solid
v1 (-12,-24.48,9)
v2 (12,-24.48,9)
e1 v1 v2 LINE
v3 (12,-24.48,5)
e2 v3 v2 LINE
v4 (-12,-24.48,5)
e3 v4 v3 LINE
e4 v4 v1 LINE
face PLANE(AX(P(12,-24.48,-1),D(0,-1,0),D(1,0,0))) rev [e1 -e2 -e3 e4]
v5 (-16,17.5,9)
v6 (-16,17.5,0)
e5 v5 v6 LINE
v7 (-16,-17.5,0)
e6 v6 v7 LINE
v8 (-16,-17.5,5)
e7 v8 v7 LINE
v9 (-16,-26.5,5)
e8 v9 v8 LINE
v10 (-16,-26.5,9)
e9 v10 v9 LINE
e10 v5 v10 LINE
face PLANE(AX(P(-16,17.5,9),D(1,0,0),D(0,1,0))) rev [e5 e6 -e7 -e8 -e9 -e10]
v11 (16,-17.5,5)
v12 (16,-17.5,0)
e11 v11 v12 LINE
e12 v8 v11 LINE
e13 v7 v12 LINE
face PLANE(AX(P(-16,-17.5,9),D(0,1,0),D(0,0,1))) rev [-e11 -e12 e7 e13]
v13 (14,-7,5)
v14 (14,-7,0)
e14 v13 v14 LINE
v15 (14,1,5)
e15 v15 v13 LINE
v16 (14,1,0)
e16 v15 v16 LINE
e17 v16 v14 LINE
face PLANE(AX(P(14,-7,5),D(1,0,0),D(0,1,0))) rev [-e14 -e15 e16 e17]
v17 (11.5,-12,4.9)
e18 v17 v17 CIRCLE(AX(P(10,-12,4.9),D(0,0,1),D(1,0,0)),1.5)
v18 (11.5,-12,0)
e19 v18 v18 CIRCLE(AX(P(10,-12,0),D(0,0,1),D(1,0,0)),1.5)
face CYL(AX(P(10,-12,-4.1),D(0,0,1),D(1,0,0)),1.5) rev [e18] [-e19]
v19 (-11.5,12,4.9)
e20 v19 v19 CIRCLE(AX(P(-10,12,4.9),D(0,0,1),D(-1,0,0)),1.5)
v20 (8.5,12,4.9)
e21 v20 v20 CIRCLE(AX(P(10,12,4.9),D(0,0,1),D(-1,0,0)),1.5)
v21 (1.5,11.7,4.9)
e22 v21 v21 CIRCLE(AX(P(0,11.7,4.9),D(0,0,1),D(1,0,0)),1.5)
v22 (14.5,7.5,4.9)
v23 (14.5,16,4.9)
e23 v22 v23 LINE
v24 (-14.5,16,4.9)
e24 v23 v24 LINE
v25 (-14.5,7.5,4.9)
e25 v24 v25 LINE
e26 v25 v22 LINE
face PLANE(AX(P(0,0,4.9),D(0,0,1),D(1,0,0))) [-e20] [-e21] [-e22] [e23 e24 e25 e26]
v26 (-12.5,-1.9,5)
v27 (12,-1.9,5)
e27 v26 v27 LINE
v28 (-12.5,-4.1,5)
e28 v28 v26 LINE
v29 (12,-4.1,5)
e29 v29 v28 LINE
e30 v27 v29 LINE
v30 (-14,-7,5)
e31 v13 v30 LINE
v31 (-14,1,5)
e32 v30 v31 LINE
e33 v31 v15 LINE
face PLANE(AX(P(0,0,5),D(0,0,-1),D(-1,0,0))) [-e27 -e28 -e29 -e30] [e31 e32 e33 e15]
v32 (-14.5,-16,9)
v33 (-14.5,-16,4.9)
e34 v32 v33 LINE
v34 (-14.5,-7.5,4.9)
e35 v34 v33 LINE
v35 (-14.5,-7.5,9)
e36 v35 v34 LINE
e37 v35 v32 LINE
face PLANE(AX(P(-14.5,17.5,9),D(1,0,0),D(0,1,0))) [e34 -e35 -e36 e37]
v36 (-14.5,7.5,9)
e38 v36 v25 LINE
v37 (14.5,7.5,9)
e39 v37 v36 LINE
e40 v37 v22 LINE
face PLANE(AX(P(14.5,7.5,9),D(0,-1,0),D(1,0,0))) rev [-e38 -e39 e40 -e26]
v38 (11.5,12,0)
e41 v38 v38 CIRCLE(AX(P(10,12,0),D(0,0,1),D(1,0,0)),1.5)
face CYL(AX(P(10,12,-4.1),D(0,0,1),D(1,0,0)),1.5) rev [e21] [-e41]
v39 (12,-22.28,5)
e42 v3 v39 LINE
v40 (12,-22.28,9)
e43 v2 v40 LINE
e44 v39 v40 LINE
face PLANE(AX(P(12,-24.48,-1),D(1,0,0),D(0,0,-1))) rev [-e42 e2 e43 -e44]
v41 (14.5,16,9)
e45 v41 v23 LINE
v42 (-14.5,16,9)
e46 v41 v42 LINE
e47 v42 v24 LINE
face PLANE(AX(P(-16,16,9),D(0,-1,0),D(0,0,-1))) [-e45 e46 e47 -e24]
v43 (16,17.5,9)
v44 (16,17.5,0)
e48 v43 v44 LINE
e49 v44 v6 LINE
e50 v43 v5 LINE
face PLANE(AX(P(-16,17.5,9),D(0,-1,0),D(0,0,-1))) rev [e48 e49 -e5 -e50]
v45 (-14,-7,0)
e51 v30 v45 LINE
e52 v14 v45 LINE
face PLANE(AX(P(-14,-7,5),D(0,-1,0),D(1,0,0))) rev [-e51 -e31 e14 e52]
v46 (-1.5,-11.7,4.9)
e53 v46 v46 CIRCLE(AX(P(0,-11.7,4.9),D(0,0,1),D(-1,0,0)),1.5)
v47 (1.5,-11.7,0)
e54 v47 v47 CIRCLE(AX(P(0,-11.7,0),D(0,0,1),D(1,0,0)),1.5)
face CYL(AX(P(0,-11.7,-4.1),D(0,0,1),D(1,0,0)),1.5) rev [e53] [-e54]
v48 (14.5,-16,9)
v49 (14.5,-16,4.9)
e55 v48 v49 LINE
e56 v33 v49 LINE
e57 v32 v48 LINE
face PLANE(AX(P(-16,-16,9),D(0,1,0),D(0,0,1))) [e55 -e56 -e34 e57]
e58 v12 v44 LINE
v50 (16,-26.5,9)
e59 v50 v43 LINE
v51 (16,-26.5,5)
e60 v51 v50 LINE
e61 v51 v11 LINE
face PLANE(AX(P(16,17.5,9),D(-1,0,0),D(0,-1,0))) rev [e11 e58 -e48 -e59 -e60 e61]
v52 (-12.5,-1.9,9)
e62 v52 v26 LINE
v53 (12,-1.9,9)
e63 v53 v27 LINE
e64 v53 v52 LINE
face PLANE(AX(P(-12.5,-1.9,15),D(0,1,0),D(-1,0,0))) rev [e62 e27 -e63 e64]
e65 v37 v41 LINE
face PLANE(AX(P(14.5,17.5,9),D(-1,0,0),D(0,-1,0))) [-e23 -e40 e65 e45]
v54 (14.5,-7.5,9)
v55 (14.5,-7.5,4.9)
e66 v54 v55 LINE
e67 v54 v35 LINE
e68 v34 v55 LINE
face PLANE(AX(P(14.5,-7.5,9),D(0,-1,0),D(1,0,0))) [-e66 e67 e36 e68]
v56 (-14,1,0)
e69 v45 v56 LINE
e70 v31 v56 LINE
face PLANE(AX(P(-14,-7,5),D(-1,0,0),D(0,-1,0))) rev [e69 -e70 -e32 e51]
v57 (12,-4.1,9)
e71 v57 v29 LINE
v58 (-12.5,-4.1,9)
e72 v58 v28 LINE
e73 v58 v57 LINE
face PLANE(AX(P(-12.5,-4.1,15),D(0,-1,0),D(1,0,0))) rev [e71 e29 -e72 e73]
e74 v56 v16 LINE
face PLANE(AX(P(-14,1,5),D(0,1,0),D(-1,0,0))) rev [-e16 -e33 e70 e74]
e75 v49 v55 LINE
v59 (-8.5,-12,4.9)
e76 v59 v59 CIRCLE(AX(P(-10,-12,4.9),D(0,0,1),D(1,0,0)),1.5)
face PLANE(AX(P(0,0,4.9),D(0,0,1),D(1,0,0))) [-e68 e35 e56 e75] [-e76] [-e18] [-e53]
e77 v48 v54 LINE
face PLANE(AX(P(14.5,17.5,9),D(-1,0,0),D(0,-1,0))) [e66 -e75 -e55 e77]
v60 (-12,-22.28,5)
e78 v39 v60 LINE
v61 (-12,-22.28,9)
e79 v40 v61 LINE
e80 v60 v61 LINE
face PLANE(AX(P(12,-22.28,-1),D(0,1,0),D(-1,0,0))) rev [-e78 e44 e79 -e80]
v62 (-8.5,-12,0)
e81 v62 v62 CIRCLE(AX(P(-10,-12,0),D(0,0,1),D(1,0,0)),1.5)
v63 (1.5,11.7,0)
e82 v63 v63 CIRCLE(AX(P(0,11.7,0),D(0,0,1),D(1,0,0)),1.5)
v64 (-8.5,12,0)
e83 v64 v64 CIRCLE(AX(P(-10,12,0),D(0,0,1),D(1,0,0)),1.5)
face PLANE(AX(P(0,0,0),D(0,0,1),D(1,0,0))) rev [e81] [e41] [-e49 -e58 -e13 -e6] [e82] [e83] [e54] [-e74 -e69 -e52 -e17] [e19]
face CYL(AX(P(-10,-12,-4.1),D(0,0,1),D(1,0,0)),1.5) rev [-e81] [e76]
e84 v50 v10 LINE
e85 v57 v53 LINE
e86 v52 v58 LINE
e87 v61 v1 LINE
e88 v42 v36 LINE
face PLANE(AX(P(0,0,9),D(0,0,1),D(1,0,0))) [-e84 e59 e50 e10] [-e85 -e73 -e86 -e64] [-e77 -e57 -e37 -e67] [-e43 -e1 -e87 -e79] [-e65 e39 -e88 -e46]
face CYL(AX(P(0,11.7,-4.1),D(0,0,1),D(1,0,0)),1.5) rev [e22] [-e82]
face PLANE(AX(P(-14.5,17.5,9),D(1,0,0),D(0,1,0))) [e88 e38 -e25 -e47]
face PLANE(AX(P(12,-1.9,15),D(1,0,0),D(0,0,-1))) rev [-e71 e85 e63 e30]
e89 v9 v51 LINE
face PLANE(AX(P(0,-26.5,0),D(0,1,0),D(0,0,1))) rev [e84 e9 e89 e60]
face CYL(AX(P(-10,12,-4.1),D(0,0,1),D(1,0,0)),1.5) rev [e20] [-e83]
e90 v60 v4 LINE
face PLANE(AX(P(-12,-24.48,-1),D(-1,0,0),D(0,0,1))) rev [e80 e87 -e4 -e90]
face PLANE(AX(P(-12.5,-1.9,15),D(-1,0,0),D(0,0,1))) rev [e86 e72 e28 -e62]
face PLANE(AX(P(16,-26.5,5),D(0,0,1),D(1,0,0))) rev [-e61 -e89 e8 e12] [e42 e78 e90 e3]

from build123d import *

# Parameters (mm, degrees)
SKETCH4_W                 = 32
SKETCH4_H                 = 35
BOSS_EXTRUDE1_DEPTH       = 9
SHELL1_T                  = -1.5
SHELL1_THICKNESS_2_FACE_W = 29
SHELL1_THICKNESS_2_FACE_H = 32
SHELL1_THICKNESS_2_DEPTH  = 3.4
SKETCH5_R                 = 1.5
CUT_EXTRUDE2_DEPTH        = 9
RIB6_REACH                = 27.362
SKETCH12_WALLS_W          = 81.724747412
SKETCH12_WALLS_H          = 15
SKETCH13_W                = 28
SKETCH13_H                = 8
CUT_EXTRUDE3_DEPTH        = 5
SKETCH15_W                = 24.5
SKETCH15_H                = 2.2
CUT_EXTRUDE4_DEPTH        = 10
SKETCH16_W                = 32
SKETCH16_H                = 4
BOSS_EXTRUDE2_DEPTH       = 9
SKETCH17_W                = 24
SKETCH17_H                = 2.2
CUT_EXTRUDE5_DEPTH        = 10


with BuildPart() as part:
    # Sketch4 → Boss-Extrude1 (new body)
    with BuildSketch(Plane.XY):
        Rectangle(SKETCH4_W, SKETCH4_H)
    extrude(amount=BOSS_EXTRUDE1_DEPTH)

    # Shell1
    shell1_openings = [part.faces().sort_by_distance(p)[0] for p in [
        (0, 0, 9),
    ]]
    offset(amount=SHELL1_T, openings=shell1_openings, kind=Kind.INTERSECTION)

    # Shell1 thickness 2 face (on inner face of the shell) → Shell1 thickness 2 (add)
    with BuildSketch(Plane(origin=(0, 0, 1.5), x_dir=(-1, 0, 0), z_dir=(0, 0, -1))):
        Rectangle(SHELL1_THICKNESS_2_FACE_W, SHELL1_THICKNESS_2_FACE_H)
    extrude(amount=-SHELL1_THICKNESS_2_DEPTH)

    # Sketch5 → Cut-Extrude2 (cut)
    with BuildSketch(Plane.XY.offset(4.9)):
        with Locations((-10, -12)):
            Circle(SKETCH5_R)
        with Locations((10, -12)):
            Circle(SKETCH5_R)
        with Locations((0, 11.7)):
            Circle(SKETCH5_R)
        with Locations((0, -11.7)):
            Circle(SKETCH5_R)
        with Locations((-10, 12)):
            Circle(SKETCH5_R)
        with Locations((10, 12)):
            Circle(SKETCH5_R)
    extrude(amount=-CUT_EXTRUDE2_DEPTH, mode=Mode.SUBTRACT)

    # Sketch12 walls → Rib6 (add, up to next)
    with BuildSketch(Plane.XY.offset(9), mode=Mode.PRIVATE) as rib6_sk1:
        Rectangle(SKETCH12_WALLS_W, SKETCH12_WALLS_H)
    rib6_tool1 = extrude(rib6_sk1.sketch, amount=-RIB6_REACH, mode=Mode.PRIVATE) - part.part
    add(rib6_tool1.solids().sort_by_distance((0, 0, 9))[0])

    # Sketch13 → Cut-Extrude3 (cut)
    with BuildSketch(Plane(origin=(0, 0, 0), x_dir=(-1, 0, 0), z_dir=(0, 0, -1))):
        with Locations((0, -3)):
            Rectangle(SKETCH13_W, SKETCH13_H)
    extrude(amount=-CUT_EXTRUDE3_DEPTH, mode=Mode.SUBTRACT)

    # Sketch15 → Cut-Extrude4 (cut)
    with BuildSketch(Plane(origin=(0, 0, 5), x_dir=(-1, 0, 0), z_dir=(0, 0, -1))):
        with Locations((0.25, -3)):
            Rectangle(SKETCH15_W, SKETCH15_H)
    extrude(amount=-CUT_EXTRUDE4_DEPTH, mode=Mode.SUBTRACT)

    # Sketch16 → Boss-Extrude2 (add)
    with BuildSketch(Plane.XZ.offset(17.5)):
        with Locations((0, 7)):
            Rectangle(SKETCH16_W, SKETCH16_H)
    extrude(amount=BOSS_EXTRUDE2_DEPTH)

    # Sketch17 → Cut-Extrude5 (cut)
    with BuildSketch(Plane.XY.offset(9)):
        with Locations((0, -23.38)):
            Rectangle(SKETCH17_W, SKETCH17_H)
    extrude(amount=-CUT_EXTRUDE5_DEPTH, mode=Mode.SUBTRACT)


solid = part.part
